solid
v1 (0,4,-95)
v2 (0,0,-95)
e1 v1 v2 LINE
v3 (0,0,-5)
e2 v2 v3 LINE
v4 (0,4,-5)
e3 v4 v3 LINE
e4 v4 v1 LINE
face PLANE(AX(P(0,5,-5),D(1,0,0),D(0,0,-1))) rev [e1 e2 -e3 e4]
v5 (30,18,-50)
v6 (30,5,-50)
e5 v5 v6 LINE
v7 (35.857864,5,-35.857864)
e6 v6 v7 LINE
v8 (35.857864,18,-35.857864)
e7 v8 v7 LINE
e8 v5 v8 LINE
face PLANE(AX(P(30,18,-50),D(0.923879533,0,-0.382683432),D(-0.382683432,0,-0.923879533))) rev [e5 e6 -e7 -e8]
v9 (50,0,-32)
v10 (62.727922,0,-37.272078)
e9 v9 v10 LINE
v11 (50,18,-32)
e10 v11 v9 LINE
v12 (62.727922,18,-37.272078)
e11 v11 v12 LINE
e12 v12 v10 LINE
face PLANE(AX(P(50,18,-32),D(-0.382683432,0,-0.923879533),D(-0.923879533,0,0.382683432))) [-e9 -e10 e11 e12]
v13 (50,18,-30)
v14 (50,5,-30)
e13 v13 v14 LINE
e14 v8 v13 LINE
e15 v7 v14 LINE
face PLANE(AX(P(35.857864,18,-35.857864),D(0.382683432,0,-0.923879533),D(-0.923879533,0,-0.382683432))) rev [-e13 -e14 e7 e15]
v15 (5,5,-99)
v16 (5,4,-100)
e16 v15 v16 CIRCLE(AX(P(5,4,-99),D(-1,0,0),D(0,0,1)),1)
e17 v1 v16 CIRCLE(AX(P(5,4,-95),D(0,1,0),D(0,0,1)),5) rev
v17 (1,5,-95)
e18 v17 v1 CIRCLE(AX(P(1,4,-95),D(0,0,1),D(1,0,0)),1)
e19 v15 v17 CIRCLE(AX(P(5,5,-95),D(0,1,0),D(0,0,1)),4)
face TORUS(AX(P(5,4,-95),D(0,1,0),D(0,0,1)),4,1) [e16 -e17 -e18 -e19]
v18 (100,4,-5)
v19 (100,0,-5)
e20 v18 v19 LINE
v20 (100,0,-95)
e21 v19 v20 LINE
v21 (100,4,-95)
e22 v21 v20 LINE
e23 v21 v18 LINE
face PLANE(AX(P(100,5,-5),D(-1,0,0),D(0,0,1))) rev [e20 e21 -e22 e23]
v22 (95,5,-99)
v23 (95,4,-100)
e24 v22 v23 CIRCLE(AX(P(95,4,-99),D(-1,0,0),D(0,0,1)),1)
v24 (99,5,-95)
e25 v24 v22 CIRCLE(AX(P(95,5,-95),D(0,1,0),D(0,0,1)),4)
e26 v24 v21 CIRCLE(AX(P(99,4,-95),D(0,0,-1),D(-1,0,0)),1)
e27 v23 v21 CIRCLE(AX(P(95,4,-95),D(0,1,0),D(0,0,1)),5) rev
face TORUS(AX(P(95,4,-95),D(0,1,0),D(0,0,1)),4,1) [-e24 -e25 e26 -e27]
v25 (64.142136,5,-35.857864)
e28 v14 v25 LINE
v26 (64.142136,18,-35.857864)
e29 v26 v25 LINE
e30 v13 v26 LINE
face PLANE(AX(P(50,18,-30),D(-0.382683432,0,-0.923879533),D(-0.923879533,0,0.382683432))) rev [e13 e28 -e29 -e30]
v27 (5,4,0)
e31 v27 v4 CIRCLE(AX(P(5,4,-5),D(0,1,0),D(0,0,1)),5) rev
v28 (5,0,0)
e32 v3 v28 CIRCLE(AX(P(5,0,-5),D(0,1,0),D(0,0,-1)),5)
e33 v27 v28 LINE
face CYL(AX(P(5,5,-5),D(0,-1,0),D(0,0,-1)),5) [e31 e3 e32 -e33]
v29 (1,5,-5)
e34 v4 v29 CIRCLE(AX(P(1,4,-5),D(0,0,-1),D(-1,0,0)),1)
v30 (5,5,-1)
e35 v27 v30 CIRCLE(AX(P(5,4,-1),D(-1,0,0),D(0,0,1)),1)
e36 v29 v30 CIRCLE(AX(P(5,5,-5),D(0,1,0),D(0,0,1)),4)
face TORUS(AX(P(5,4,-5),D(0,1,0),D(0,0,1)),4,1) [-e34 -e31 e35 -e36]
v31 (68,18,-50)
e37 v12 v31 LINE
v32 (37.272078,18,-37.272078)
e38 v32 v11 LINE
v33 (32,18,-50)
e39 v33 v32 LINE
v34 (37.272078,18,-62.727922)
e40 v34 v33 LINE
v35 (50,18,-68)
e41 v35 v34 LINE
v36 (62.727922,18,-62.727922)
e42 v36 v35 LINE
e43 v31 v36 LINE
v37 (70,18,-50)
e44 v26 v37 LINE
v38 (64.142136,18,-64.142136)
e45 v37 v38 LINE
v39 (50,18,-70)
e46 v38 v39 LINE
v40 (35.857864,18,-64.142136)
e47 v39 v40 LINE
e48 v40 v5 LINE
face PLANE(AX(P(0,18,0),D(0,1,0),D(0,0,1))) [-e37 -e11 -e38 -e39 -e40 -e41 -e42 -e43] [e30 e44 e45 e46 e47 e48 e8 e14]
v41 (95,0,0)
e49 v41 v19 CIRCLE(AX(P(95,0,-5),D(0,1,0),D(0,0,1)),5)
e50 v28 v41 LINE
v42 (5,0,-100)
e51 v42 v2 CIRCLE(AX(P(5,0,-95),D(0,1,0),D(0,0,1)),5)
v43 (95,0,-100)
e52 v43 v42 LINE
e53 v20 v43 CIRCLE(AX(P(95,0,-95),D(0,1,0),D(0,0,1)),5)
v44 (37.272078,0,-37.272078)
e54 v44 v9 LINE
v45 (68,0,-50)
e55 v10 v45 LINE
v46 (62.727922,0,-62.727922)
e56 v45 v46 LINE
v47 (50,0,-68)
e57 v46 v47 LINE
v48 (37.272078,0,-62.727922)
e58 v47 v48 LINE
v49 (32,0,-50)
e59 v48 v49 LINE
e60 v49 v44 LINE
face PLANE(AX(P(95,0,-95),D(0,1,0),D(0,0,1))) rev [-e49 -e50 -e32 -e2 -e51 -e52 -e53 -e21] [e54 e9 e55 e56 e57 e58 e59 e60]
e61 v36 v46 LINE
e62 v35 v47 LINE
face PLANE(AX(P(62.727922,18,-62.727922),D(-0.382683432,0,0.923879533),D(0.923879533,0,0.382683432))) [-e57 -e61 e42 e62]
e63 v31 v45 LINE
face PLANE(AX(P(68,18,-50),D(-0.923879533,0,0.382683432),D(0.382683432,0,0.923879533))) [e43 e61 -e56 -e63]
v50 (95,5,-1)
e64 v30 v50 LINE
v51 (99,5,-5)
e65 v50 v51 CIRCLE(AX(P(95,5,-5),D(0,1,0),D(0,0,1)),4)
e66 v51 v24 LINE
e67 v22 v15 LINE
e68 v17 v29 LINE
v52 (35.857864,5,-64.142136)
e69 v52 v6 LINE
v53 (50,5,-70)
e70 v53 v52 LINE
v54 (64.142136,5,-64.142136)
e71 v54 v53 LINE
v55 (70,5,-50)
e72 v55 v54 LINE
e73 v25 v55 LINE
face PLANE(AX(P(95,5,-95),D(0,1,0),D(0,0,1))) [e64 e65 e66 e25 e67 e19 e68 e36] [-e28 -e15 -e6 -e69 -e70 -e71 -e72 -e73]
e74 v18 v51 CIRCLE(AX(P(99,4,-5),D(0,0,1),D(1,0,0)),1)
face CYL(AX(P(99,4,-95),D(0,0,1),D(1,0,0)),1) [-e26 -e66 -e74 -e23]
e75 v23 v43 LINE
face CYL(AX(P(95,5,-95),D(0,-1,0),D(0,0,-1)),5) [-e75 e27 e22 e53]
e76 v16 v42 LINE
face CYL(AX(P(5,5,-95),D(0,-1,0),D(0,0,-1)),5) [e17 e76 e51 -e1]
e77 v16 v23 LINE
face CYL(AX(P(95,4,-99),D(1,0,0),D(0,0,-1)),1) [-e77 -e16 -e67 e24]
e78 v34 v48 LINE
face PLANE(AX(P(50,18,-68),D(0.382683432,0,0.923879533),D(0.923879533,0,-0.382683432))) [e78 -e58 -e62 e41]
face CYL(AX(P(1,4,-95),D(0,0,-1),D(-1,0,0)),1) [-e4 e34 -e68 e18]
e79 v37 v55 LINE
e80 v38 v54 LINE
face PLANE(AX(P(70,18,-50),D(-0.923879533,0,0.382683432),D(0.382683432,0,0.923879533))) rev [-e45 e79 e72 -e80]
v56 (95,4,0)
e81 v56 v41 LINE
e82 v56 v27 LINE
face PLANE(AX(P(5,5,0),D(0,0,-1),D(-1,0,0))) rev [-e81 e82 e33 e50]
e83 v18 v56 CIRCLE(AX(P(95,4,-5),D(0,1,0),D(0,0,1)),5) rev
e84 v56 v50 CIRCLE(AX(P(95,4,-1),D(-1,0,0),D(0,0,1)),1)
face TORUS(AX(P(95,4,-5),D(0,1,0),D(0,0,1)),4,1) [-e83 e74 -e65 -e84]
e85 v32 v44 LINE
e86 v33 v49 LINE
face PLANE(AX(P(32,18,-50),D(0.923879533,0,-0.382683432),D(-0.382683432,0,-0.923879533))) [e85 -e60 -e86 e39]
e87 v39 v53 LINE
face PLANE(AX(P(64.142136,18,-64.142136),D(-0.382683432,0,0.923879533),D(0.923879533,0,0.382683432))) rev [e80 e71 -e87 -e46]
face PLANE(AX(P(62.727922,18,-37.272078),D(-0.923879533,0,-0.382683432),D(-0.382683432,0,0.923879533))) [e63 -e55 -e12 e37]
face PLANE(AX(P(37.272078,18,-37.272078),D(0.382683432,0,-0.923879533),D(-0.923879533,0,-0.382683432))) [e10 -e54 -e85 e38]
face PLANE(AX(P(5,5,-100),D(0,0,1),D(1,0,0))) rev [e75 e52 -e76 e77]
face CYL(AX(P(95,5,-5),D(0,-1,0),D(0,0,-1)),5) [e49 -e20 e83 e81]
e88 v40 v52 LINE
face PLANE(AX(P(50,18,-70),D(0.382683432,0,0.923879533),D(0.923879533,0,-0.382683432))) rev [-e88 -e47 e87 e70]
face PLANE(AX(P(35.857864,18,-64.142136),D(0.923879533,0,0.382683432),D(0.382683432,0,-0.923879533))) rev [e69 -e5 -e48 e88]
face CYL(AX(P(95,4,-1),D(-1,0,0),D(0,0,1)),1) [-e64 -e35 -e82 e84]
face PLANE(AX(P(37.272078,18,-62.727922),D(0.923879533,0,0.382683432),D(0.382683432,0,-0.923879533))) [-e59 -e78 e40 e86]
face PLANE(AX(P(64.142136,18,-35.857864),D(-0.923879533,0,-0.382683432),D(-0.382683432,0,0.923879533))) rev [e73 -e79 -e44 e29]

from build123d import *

# Parameters (mm, degrees)
BOSS_EXTRUDE1_DEPTH = 5
FILLET1_R           = 1
BOSS_EXTRUDE2_DEPTH = 13
CUT_EXTRUDE1_DEPTH  = 143.017604543


with BuildPart() as part:
    # Sketch1 → Boss-Extrude1 (new body)
    with BuildSketch(Plane(origin=(0, 0, 0), x_dir=(1, 0, 0), z_dir=(0, 1, 0))):
        with BuildLine():
            Line((5, 0), (95, 0))
            ThreePointArc((95, 0), (98.535533906, 1.464466094), (100, 5))
            Line((100, 5), (100, 95))
            ThreePointArc((100, 95), (98.535533906, 98.535533906), (95, 100))
            Line((95, 100), (5, 100))
            ThreePointArc((5, 100), (1.464466094, 98.535533906), (0, 95))
            Line((0, 95), (0, 5))
            ThreePointArc((0, 5), (1.464466094, 1.464466094), (5, 0))
        make_face()
    extrude(amount=BOSS_EXTRUDE1_DEPTH)

    # Fillet1
    fillet1_edges = [part.edges().sort_by_distance(p)[0] for p in [
        (1.464466094, 5, -98.535533906),
        (0, 5, -50),
        (1.464466094, 5, -1.464466094),
        (50, 5, 0),
        (98.535533906, 5, -1.464466094),
        (100, 5, -50),
        (98.535533906, 5, -98.535533906),
        (50, 5, -100),
    ]]
    fillet(fillet1_edges, radius=FILLET1_R)

    # Sketch2 → Boss-Extrude2 (add)
    with BuildSketch(Plane(origin=(0, 5, 0), x_dir=(1, 0, 0), z_dir=(0, 1, 0))):
        Polygon((70, 50), (64.142135624, 64.142135624), (50, 70), (35.857864376, 64.142135624), (30, 50), (35.857864376, 35.857864376), (50, 30), (64.142135624, 35.857864376), align=None)
        Polygon((68, 50), (62.727922061, 62.727922061), (50, 68), (37.272077939, 62.727922061), (32, 50), (37.272077939, 37.272077939), (50, 32), (62.727922061, 37.272077939), align=None, mode=Mode.SUBTRACT)
    extrude(amount=BOSS_EXTRUDE2_DEPTH)

    # Sketch5 → Cut-Extrude1 (cut, through all)
    with BuildSketch(Plane(origin=(0, 5, 0), x_dir=(1, 0, 0), z_dir=(0, 1, 0))):
        Polygon((68, 50), (62.727922061, 62.727922061), (50, 68), (37.272077939, 62.727922061), (32, 50), (37.272077939, 37.272077939), (50, 32), (62.727922061, 37.272077939), align=None)
    extrude(amount=-CUT_EXTRUDE1_DEPTH, mode=Mode.SUBTRACT)


solid = part.part
